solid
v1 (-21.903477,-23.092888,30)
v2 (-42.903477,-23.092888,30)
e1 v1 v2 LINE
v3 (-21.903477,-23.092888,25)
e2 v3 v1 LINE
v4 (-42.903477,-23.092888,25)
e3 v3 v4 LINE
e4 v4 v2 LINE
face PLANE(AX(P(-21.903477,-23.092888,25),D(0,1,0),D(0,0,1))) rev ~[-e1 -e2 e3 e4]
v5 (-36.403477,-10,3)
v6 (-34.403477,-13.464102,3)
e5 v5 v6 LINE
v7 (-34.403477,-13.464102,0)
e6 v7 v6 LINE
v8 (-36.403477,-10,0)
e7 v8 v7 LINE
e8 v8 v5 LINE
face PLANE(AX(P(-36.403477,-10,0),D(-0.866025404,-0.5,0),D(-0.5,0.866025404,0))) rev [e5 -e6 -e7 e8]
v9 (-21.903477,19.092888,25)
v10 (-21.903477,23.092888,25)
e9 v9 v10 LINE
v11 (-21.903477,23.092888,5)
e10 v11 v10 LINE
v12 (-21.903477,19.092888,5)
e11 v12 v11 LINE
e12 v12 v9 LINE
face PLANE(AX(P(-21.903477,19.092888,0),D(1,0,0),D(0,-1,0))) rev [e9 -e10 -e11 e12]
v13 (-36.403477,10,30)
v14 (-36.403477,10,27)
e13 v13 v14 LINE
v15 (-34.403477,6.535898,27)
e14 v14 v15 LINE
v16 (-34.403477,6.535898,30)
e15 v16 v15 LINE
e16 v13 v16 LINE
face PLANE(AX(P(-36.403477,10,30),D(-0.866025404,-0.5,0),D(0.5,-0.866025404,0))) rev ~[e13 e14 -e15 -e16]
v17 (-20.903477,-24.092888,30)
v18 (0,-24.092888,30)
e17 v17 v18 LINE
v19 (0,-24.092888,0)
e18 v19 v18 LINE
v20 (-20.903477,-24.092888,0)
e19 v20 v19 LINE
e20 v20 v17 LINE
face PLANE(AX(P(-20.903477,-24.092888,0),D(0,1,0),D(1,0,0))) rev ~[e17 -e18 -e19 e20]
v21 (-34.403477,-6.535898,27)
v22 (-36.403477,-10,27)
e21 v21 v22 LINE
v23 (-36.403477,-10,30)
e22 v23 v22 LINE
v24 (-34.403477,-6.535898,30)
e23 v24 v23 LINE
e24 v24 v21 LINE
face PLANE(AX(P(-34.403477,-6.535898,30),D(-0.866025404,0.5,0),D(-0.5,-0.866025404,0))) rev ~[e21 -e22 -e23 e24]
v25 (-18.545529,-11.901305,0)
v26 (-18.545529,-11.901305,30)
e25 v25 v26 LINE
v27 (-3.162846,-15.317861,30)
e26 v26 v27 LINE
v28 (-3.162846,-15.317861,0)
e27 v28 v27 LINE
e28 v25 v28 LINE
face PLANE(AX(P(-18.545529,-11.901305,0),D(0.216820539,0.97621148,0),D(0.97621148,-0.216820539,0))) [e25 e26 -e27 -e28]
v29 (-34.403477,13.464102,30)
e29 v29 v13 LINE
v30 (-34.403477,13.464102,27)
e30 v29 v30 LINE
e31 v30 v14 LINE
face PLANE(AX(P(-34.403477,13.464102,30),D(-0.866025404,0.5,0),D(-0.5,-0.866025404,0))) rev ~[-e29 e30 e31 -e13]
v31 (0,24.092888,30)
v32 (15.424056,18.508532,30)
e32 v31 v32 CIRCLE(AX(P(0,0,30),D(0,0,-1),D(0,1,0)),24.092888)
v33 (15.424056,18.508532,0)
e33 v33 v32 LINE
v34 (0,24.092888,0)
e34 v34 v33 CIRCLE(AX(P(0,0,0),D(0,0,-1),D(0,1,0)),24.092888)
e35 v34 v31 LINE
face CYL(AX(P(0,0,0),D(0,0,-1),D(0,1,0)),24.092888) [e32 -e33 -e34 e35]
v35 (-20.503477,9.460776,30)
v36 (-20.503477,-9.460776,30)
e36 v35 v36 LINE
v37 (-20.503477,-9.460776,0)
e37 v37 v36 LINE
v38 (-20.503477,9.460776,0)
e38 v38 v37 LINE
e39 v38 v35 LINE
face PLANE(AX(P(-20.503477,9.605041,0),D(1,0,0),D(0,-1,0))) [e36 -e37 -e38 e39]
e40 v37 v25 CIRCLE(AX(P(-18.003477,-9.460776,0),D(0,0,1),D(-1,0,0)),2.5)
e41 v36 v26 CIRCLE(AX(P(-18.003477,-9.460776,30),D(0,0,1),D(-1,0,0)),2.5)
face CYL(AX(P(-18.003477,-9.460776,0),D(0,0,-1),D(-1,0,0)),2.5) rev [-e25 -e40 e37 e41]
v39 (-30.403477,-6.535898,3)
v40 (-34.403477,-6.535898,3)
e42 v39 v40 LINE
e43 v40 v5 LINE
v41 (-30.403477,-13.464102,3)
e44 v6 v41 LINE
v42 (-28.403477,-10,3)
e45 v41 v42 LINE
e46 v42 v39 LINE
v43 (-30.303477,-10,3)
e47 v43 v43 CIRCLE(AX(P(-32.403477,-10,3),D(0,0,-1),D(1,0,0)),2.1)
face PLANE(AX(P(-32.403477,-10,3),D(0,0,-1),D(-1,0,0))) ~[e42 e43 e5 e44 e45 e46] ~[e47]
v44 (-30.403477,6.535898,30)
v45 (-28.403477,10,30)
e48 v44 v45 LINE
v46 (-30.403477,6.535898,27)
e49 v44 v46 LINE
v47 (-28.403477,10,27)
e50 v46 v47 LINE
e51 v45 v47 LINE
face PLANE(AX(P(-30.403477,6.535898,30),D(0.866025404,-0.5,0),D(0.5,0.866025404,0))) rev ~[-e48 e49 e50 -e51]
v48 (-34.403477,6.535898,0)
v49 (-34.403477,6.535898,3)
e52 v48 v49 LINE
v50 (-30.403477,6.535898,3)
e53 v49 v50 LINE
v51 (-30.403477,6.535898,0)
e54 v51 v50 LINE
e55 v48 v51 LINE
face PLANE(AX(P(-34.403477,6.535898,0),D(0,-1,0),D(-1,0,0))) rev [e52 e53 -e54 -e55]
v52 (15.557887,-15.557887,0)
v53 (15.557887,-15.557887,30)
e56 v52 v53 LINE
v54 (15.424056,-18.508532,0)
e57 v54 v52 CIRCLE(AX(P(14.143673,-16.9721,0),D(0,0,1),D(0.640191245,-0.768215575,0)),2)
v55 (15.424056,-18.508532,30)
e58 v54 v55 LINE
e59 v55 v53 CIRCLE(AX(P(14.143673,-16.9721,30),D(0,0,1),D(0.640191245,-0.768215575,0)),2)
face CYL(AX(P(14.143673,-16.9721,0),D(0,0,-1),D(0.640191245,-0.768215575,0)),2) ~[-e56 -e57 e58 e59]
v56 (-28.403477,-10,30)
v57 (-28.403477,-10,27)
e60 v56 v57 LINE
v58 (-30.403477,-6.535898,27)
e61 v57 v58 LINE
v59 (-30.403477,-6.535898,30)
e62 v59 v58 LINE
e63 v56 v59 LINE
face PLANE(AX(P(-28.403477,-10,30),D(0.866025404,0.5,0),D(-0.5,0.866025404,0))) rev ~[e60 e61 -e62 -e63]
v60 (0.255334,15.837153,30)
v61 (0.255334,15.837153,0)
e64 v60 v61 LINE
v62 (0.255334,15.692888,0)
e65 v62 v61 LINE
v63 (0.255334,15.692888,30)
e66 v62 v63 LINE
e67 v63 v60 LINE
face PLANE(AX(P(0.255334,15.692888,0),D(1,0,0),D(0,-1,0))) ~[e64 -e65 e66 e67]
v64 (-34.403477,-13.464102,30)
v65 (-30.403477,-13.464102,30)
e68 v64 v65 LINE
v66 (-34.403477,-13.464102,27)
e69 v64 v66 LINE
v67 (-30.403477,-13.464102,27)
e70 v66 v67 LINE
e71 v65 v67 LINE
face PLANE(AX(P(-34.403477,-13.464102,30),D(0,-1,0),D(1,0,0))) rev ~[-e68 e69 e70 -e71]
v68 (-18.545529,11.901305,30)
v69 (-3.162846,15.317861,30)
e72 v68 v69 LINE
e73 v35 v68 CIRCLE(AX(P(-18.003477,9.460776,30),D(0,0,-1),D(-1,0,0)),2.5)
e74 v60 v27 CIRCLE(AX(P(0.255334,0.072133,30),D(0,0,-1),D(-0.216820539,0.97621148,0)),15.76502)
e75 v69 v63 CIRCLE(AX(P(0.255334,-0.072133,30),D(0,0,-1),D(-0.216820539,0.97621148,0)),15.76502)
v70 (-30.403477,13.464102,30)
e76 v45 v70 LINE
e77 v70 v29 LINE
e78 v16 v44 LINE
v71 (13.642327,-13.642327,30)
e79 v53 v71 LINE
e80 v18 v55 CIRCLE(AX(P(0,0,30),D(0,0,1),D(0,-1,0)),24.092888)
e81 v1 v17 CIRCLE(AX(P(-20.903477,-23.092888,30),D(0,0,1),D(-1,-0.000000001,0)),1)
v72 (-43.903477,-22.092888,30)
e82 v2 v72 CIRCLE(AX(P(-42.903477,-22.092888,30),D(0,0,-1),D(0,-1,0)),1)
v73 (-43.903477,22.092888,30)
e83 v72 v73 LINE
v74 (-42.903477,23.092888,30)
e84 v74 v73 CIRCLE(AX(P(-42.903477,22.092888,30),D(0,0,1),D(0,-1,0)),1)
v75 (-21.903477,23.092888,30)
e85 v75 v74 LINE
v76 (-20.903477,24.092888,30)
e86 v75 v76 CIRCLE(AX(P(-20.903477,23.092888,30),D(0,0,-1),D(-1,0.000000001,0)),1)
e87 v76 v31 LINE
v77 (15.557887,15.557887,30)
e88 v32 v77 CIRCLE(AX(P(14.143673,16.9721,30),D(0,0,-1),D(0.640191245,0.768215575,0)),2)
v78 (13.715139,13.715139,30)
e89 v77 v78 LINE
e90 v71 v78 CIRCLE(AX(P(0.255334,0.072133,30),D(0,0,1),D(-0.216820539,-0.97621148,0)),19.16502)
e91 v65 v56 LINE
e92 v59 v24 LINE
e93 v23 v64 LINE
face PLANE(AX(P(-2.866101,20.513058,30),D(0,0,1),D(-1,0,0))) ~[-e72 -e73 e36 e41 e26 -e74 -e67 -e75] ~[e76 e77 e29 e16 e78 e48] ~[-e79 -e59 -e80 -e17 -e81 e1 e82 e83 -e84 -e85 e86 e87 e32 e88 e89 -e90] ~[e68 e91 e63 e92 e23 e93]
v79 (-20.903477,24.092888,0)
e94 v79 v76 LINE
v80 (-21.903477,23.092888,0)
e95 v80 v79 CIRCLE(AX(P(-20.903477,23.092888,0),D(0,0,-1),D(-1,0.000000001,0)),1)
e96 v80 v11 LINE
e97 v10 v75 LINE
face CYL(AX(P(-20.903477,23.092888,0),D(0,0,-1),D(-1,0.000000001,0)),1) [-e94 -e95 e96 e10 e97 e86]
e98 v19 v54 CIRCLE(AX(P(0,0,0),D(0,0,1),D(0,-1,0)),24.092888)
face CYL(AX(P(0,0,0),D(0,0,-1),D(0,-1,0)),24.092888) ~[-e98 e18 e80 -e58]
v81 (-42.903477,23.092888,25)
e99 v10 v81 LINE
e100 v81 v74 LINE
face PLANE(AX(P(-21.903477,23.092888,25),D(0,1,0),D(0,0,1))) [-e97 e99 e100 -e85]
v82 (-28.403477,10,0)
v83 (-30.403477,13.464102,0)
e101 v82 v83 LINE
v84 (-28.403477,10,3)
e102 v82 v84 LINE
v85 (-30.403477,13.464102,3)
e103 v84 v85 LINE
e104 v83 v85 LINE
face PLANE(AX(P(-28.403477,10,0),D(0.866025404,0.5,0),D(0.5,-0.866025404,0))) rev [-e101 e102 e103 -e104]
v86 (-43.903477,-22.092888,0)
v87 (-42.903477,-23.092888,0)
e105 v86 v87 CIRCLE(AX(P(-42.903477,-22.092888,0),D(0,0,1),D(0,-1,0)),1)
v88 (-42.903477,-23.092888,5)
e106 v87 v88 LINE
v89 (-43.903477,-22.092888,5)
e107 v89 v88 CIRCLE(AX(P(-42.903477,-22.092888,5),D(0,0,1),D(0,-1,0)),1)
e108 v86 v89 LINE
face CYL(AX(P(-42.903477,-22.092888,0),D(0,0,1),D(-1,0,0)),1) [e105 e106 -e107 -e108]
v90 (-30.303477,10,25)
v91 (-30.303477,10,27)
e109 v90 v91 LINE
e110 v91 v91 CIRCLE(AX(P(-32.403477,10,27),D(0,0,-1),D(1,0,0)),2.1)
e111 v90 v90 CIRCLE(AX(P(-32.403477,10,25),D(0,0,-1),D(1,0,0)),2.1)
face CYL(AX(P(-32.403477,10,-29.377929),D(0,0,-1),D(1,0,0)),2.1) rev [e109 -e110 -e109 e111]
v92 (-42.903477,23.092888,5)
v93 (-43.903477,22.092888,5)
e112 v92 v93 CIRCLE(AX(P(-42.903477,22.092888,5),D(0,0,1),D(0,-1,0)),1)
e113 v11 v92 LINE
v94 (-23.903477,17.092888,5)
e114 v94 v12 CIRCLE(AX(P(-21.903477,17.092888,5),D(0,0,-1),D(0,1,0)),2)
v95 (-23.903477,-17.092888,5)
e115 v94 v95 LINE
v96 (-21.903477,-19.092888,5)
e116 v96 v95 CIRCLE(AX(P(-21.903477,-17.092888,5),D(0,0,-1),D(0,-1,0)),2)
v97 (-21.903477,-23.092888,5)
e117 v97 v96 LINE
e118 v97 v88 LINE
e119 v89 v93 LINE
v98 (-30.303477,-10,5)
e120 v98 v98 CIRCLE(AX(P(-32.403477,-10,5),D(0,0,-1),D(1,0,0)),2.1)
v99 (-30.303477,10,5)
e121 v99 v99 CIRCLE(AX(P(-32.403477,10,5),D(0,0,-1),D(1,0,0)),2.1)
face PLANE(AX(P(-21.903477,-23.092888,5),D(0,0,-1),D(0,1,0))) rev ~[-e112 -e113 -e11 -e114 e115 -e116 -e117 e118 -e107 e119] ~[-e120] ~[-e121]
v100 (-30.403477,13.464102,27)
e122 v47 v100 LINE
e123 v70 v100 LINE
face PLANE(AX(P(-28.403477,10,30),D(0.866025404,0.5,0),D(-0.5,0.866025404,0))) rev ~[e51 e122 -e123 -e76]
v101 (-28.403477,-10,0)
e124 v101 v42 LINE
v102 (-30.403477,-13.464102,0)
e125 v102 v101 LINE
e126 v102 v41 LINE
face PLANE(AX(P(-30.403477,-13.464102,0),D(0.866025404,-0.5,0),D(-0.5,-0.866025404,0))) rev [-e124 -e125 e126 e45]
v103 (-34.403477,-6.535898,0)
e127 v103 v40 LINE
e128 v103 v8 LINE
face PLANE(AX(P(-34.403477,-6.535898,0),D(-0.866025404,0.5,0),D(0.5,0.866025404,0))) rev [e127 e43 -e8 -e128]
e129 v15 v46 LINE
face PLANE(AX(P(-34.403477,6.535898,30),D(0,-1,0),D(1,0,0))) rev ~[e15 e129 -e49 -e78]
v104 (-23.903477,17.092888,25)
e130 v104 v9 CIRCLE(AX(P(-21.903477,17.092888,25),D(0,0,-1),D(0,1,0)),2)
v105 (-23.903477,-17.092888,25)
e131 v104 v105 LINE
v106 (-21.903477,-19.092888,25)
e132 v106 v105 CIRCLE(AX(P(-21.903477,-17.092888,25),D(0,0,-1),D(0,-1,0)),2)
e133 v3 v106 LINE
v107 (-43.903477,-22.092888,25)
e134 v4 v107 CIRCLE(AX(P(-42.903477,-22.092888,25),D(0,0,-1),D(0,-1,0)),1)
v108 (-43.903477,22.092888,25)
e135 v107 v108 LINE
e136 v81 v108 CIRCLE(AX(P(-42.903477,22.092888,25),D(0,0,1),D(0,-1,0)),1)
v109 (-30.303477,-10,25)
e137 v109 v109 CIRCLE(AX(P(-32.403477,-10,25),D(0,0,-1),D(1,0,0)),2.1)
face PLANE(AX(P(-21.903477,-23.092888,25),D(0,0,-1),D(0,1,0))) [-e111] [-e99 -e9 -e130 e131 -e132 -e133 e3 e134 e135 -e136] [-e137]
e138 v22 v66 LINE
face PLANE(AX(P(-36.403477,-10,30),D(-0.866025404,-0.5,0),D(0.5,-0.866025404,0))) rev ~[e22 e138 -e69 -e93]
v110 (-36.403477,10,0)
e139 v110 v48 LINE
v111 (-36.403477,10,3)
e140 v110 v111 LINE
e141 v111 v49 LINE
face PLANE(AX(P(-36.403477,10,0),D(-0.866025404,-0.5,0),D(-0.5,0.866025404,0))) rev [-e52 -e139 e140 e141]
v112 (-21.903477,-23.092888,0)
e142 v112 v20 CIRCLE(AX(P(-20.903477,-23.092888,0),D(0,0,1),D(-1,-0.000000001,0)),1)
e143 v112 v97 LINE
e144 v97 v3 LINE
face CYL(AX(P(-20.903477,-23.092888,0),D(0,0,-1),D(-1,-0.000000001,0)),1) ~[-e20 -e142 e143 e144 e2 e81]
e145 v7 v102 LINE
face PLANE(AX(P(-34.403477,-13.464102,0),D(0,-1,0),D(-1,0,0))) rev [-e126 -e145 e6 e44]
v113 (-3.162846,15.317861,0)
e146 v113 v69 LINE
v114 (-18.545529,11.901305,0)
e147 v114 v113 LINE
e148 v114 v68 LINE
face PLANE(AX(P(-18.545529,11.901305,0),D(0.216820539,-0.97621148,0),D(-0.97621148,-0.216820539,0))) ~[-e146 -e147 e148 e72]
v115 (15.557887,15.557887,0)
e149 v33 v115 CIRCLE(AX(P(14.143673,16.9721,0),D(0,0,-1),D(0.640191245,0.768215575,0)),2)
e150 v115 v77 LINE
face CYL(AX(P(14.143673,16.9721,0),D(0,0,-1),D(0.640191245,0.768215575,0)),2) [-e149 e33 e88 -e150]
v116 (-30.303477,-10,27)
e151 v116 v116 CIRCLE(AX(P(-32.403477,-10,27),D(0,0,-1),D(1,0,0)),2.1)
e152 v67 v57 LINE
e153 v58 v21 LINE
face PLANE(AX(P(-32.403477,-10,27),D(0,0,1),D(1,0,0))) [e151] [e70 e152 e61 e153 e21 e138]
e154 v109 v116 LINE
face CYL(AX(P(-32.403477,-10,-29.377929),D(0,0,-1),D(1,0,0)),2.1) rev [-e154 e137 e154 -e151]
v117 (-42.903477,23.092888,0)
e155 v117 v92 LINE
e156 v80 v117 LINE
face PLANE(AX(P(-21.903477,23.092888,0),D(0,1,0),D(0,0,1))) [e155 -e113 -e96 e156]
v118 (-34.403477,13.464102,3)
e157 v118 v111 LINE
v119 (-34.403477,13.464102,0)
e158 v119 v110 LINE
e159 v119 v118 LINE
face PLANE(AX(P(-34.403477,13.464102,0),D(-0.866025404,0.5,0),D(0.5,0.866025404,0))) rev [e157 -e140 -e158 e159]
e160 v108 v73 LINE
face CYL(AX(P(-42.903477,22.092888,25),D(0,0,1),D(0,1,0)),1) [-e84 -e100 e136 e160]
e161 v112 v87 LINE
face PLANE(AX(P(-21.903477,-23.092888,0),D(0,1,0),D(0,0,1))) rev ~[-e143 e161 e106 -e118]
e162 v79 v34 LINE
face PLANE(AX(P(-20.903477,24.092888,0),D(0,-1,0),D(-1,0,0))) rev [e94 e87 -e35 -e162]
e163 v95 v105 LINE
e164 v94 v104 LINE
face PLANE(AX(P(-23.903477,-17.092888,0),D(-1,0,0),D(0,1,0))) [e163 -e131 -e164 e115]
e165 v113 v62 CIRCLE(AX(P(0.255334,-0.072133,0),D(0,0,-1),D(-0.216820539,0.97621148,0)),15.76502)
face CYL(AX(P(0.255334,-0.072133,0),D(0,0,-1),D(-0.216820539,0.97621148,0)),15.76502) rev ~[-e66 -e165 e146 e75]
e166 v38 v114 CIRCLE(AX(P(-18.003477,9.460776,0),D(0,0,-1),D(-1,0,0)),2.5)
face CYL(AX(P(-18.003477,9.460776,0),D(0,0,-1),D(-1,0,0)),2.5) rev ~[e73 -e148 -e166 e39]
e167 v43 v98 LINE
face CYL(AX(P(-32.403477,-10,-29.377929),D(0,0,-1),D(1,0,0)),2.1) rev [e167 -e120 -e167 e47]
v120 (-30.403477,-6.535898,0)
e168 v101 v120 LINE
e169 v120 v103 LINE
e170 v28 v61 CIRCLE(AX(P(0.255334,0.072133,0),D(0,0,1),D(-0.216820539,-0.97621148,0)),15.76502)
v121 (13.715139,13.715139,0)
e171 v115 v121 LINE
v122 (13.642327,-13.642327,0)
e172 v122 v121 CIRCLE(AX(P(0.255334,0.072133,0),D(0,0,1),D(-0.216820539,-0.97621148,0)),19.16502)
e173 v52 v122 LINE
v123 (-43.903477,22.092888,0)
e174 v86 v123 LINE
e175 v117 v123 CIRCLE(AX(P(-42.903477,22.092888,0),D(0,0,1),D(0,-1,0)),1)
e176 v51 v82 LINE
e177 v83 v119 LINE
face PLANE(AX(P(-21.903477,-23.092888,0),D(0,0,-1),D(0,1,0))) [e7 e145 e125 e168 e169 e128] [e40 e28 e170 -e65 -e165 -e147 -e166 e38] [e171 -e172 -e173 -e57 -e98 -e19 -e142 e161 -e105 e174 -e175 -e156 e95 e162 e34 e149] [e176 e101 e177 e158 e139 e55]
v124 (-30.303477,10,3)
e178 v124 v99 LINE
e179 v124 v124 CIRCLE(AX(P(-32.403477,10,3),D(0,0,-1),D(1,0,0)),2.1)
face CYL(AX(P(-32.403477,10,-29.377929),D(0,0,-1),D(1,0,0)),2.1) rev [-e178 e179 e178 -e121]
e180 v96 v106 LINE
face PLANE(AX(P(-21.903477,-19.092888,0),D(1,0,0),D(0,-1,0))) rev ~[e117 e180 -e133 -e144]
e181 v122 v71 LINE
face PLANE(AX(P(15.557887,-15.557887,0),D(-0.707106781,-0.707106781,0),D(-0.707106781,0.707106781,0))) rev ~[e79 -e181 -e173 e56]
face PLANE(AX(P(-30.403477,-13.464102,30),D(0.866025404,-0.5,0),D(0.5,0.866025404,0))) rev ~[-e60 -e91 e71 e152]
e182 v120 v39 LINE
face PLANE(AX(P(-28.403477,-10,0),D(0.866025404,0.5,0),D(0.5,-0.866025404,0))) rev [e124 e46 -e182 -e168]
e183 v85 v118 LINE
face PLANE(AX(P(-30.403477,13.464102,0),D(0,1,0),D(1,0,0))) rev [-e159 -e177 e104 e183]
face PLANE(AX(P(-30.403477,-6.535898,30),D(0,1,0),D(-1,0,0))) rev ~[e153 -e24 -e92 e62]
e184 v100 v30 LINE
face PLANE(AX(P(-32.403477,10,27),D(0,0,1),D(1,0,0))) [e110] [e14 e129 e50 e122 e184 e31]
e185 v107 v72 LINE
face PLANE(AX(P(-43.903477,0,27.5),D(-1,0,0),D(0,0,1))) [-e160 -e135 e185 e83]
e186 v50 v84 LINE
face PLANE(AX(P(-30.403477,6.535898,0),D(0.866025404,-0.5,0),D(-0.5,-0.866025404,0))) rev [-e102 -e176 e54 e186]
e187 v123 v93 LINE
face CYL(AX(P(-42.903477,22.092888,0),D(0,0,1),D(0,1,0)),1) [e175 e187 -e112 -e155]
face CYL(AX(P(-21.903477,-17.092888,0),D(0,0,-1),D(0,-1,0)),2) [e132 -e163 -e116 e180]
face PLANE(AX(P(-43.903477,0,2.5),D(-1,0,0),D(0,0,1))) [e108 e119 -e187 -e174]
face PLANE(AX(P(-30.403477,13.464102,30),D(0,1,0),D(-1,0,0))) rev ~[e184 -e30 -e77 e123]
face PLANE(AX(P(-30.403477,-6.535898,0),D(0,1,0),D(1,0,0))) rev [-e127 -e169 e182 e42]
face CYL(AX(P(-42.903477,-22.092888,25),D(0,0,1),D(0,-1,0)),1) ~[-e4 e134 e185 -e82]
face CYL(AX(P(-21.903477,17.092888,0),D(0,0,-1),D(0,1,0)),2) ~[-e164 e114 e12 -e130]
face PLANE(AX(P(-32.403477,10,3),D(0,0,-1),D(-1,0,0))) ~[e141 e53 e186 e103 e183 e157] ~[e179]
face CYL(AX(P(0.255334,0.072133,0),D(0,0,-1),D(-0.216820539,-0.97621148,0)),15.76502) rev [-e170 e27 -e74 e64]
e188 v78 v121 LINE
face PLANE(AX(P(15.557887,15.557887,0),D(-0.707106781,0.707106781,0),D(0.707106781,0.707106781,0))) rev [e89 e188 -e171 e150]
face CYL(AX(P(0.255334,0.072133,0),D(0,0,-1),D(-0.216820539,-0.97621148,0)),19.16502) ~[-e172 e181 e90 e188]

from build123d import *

# Parameters (mm, degrees)
EXTRUDE_1_DEPTH          = 30
EXTRUDE_START            = -30
EXTRUDE_2_DEPTH          = 30
EXTRUDE_3_DEPTH          = 30
EXTRUDE_START_2          = -2
SKETCH_9_W               = 5
SKETCH_9_H               = 46.18577558
EXTRUDE_6_DEPTH          = 22
FILLET_3_R               = 1
CUT_EXTRUDE_4_DEPTH      = 59.377928803
CUT_EXTRUDE_4_DEPTH_BACK = 59.377928803
SKETCH_10_R              = 2.1
CUT_EXTRUDE_5_DEPTH      = 3


with BuildPart() as part:
    # 草图1 → 凸台-拉伸1 (new body)
    with BuildSketch(Plane.XY):
        with BuildLine():
            Line((-23.903477417, 9.605041416), (-23.903477417, -9.460776308))
            ThreePointArc((-23.903477417, -9.460776308), (-22.605516257, -13.152827027), (-19.282718599, -15.22042404))
            Line((-19.282718599, -15.22042404), (-3.900036331, -18.636980321))
            ThreePointArc((-3.900036331, -18.636980321), (19.420354058, 0.072132554), (-3.900036331, 18.78124543))
            Line((-3.900036331, 18.78124543), (-19.282718599, 15.364689149))
            ThreePointArc((-19.282718599, 15.364689149), (-22.605516257, 13.297092136), (-23.903477417, 9.605041416))
        make_face()
        with BuildLine():
            ThreePointArc((-20.503477417, -9.460776308), (-19.953493875, -11.025204579), (-18.545528765, -11.901305008))
            Line((-18.545528765, -11.901305008), (-3.162846498, -15.317861289))
            ThreePointArc((-3.162846498, -15.317861289), (16.020354058, 0.072132554), (-3.162846498, 15.462126398))
            Line((-3.162846498, 15.462126398), (-18.545528765, 12.045570117))
            ThreePointArc((-18.545528765, 12.045570117), (-19.953493875, 11.169469687), (-20.503477417, 9.605041416))
            Line((-20.503477417, 9.605041416), (-20.503477417, -9.460776308))
        make_face(mode=Mode.SUBTRACT)
    extrude(amount=EXTRUDE_1_DEPTH)

    # 草图2 → 凸台-拉伸2 (add)
    with BuildSketch(Plane.XY.offset(30).offset(EXTRUDE_START)):
        with BuildLine():
            Line((0.255333714, -19.09288779), (-21.903477417, -19.09288779))
            ThreePointArc((-21.903477417, -19.09288779), (-23.31769098, -18.507101352), (-23.903477417, -17.09288779))
            Line((-23.903477417, -17.09288779), (-23.903477417, -9.460776308))
            Line((-23.903477417, -9.460776308), (-20.503477417, -9.460776308))
            ThreePointArc((-20.503477417, -9.460776308), (-19.953493875, -11.025204579), (-18.545528765, -11.901305008))
            Line((-18.545528765, -11.901305008), (-3.162846498, -15.317861289))
            ThreePointArc((-3.162846498, -15.317861289), (-1.464012153, -15.598850703), (0.255333714, -15.69288779))
            Line((0.255333714, -15.69288779), (0.255333714, -19.09288779))
        make_face()
    extrude_2 = extrude(amount=EXTRUDE_2_DEPTH)

    # 草图3 → 凸台-拉伸3 (add)
    with BuildSketch(Plane(origin=(0, 0, 0), x_dir=(-1, 0, 0), z_dir=(0, 0, -1))):
        with BuildLine():
            Line((21.903477417, -19.09288779), (21.903477417, -23.09288779))
            ThreePointArc((21.903477417, -23.09288779), (21.610584198, -23.799994571), (20.903477417, -24.09288779))
            Line((20.903477417, -24.09288779), (0, -24.09288779))
            ThreePointArc((0, -24.09288779), (-8.201928623, -22.653821067), (-15.42405585, -18.508531632))
            ThreePointArc((-15.42405585, -18.508531632), (-16.141619311, -17.062720423), (-15.557886921, -15.557886921))
            Line((-15.557886921, -15.557886921), (-13.642327271, -13.642327271))
            ThreePointArc((-13.642327271, -13.642327271), (-7.482369871, -17.678021056), (-0.255333714, -19.09288779))
            Line((-0.255333714, -19.09288779), (21.903477417, -19.09288779))
        make_face()
    extrude_3 = extrude(amount=-EXTRUDE_3_DEPTH)

    # 镜向1: 凸台-拉伸2, 凸台-拉伸3 across plane
    add(extrude_2.mirror(Plane.ZX))
    add(extrude_3.mirror(Plane.ZX))

    # 草图9 → 凸台-拉伸6 (add)
    with BuildSketch(Plane.ZY.offset(23.903477417).offset(EXTRUDE_START_2)):
        with Locations((2.5, 0)):
            Rectangle(SKETCH_9_W, SKETCH_9_H)
        with Locations((27.5, 0)):
            Rectangle(SKETCH_9_W, SKETCH_9_H)
    extrude(amount=EXTRUDE_6_DEPTH)

    # 圆角3
    fillet_3_edges = [part.edges().sort_by_distance(p)[0] for p in [
        (-43.903477417, 23.09288779, 27.5),
        (-43.903477417, -23.09288779, 27.5),
        (-43.903477417, 23.09288779, 2.5),
        (-43.903477417, -23.09288779, 2.5),
    ]]
    fillet(fillet_3_edges, radius=FILLET_3_R)

    # 草图10 → 切除-拉伸4 (cut, two sides: drawn at the far end of the back side and taken through both)
    with BuildSketch(Plane.XY.offset(30).offset(-CUT_EXTRUDE_4_DEPTH_BACK)):
        with Locations((-32.403477417, 10)):
            Circle(SKETCH_10_R)
        with Locations((-32.403477417, -10)):
            Circle(SKETCH_10_R)
    extrude(amount=CUT_EXTRUDE_4_DEPTH + CUT_EXTRUDE_4_DEPTH_BACK, mode=Mode.SUBTRACT)

    # 草图11 → 切除-拉伸5 (cut)
    with BuildSketch(Plane.XY.offset(30)):
        Polygon((-28.403477417, -10), (-30.403477417, -6.535898385), (-34.403477417, -6.535898385), (-36.403477417, -10), (-34.403477417, -13.464101615), (-30.403477417, -13.464101615), align=None)
        Polygon((-28.403477417, 10), (-30.403477417, 13.464101615), (-34.403477417, 13.464101615), (-36.403477417, 10), (-34.403477417, 6.535898385), (-30.403477417, 6.535898385), align=None)
    cut_extrude_5 = extrude(amount=-CUT_EXTRUDE_5_DEPTH, mode=Mode.SUBTRACT)

    # 镜向3: 切除-拉伸5 across plane
    add(cut_extrude_5.mirror(Plane.XY.offset(15)), mode=Mode.SUBTRACT)


solid = part.part
